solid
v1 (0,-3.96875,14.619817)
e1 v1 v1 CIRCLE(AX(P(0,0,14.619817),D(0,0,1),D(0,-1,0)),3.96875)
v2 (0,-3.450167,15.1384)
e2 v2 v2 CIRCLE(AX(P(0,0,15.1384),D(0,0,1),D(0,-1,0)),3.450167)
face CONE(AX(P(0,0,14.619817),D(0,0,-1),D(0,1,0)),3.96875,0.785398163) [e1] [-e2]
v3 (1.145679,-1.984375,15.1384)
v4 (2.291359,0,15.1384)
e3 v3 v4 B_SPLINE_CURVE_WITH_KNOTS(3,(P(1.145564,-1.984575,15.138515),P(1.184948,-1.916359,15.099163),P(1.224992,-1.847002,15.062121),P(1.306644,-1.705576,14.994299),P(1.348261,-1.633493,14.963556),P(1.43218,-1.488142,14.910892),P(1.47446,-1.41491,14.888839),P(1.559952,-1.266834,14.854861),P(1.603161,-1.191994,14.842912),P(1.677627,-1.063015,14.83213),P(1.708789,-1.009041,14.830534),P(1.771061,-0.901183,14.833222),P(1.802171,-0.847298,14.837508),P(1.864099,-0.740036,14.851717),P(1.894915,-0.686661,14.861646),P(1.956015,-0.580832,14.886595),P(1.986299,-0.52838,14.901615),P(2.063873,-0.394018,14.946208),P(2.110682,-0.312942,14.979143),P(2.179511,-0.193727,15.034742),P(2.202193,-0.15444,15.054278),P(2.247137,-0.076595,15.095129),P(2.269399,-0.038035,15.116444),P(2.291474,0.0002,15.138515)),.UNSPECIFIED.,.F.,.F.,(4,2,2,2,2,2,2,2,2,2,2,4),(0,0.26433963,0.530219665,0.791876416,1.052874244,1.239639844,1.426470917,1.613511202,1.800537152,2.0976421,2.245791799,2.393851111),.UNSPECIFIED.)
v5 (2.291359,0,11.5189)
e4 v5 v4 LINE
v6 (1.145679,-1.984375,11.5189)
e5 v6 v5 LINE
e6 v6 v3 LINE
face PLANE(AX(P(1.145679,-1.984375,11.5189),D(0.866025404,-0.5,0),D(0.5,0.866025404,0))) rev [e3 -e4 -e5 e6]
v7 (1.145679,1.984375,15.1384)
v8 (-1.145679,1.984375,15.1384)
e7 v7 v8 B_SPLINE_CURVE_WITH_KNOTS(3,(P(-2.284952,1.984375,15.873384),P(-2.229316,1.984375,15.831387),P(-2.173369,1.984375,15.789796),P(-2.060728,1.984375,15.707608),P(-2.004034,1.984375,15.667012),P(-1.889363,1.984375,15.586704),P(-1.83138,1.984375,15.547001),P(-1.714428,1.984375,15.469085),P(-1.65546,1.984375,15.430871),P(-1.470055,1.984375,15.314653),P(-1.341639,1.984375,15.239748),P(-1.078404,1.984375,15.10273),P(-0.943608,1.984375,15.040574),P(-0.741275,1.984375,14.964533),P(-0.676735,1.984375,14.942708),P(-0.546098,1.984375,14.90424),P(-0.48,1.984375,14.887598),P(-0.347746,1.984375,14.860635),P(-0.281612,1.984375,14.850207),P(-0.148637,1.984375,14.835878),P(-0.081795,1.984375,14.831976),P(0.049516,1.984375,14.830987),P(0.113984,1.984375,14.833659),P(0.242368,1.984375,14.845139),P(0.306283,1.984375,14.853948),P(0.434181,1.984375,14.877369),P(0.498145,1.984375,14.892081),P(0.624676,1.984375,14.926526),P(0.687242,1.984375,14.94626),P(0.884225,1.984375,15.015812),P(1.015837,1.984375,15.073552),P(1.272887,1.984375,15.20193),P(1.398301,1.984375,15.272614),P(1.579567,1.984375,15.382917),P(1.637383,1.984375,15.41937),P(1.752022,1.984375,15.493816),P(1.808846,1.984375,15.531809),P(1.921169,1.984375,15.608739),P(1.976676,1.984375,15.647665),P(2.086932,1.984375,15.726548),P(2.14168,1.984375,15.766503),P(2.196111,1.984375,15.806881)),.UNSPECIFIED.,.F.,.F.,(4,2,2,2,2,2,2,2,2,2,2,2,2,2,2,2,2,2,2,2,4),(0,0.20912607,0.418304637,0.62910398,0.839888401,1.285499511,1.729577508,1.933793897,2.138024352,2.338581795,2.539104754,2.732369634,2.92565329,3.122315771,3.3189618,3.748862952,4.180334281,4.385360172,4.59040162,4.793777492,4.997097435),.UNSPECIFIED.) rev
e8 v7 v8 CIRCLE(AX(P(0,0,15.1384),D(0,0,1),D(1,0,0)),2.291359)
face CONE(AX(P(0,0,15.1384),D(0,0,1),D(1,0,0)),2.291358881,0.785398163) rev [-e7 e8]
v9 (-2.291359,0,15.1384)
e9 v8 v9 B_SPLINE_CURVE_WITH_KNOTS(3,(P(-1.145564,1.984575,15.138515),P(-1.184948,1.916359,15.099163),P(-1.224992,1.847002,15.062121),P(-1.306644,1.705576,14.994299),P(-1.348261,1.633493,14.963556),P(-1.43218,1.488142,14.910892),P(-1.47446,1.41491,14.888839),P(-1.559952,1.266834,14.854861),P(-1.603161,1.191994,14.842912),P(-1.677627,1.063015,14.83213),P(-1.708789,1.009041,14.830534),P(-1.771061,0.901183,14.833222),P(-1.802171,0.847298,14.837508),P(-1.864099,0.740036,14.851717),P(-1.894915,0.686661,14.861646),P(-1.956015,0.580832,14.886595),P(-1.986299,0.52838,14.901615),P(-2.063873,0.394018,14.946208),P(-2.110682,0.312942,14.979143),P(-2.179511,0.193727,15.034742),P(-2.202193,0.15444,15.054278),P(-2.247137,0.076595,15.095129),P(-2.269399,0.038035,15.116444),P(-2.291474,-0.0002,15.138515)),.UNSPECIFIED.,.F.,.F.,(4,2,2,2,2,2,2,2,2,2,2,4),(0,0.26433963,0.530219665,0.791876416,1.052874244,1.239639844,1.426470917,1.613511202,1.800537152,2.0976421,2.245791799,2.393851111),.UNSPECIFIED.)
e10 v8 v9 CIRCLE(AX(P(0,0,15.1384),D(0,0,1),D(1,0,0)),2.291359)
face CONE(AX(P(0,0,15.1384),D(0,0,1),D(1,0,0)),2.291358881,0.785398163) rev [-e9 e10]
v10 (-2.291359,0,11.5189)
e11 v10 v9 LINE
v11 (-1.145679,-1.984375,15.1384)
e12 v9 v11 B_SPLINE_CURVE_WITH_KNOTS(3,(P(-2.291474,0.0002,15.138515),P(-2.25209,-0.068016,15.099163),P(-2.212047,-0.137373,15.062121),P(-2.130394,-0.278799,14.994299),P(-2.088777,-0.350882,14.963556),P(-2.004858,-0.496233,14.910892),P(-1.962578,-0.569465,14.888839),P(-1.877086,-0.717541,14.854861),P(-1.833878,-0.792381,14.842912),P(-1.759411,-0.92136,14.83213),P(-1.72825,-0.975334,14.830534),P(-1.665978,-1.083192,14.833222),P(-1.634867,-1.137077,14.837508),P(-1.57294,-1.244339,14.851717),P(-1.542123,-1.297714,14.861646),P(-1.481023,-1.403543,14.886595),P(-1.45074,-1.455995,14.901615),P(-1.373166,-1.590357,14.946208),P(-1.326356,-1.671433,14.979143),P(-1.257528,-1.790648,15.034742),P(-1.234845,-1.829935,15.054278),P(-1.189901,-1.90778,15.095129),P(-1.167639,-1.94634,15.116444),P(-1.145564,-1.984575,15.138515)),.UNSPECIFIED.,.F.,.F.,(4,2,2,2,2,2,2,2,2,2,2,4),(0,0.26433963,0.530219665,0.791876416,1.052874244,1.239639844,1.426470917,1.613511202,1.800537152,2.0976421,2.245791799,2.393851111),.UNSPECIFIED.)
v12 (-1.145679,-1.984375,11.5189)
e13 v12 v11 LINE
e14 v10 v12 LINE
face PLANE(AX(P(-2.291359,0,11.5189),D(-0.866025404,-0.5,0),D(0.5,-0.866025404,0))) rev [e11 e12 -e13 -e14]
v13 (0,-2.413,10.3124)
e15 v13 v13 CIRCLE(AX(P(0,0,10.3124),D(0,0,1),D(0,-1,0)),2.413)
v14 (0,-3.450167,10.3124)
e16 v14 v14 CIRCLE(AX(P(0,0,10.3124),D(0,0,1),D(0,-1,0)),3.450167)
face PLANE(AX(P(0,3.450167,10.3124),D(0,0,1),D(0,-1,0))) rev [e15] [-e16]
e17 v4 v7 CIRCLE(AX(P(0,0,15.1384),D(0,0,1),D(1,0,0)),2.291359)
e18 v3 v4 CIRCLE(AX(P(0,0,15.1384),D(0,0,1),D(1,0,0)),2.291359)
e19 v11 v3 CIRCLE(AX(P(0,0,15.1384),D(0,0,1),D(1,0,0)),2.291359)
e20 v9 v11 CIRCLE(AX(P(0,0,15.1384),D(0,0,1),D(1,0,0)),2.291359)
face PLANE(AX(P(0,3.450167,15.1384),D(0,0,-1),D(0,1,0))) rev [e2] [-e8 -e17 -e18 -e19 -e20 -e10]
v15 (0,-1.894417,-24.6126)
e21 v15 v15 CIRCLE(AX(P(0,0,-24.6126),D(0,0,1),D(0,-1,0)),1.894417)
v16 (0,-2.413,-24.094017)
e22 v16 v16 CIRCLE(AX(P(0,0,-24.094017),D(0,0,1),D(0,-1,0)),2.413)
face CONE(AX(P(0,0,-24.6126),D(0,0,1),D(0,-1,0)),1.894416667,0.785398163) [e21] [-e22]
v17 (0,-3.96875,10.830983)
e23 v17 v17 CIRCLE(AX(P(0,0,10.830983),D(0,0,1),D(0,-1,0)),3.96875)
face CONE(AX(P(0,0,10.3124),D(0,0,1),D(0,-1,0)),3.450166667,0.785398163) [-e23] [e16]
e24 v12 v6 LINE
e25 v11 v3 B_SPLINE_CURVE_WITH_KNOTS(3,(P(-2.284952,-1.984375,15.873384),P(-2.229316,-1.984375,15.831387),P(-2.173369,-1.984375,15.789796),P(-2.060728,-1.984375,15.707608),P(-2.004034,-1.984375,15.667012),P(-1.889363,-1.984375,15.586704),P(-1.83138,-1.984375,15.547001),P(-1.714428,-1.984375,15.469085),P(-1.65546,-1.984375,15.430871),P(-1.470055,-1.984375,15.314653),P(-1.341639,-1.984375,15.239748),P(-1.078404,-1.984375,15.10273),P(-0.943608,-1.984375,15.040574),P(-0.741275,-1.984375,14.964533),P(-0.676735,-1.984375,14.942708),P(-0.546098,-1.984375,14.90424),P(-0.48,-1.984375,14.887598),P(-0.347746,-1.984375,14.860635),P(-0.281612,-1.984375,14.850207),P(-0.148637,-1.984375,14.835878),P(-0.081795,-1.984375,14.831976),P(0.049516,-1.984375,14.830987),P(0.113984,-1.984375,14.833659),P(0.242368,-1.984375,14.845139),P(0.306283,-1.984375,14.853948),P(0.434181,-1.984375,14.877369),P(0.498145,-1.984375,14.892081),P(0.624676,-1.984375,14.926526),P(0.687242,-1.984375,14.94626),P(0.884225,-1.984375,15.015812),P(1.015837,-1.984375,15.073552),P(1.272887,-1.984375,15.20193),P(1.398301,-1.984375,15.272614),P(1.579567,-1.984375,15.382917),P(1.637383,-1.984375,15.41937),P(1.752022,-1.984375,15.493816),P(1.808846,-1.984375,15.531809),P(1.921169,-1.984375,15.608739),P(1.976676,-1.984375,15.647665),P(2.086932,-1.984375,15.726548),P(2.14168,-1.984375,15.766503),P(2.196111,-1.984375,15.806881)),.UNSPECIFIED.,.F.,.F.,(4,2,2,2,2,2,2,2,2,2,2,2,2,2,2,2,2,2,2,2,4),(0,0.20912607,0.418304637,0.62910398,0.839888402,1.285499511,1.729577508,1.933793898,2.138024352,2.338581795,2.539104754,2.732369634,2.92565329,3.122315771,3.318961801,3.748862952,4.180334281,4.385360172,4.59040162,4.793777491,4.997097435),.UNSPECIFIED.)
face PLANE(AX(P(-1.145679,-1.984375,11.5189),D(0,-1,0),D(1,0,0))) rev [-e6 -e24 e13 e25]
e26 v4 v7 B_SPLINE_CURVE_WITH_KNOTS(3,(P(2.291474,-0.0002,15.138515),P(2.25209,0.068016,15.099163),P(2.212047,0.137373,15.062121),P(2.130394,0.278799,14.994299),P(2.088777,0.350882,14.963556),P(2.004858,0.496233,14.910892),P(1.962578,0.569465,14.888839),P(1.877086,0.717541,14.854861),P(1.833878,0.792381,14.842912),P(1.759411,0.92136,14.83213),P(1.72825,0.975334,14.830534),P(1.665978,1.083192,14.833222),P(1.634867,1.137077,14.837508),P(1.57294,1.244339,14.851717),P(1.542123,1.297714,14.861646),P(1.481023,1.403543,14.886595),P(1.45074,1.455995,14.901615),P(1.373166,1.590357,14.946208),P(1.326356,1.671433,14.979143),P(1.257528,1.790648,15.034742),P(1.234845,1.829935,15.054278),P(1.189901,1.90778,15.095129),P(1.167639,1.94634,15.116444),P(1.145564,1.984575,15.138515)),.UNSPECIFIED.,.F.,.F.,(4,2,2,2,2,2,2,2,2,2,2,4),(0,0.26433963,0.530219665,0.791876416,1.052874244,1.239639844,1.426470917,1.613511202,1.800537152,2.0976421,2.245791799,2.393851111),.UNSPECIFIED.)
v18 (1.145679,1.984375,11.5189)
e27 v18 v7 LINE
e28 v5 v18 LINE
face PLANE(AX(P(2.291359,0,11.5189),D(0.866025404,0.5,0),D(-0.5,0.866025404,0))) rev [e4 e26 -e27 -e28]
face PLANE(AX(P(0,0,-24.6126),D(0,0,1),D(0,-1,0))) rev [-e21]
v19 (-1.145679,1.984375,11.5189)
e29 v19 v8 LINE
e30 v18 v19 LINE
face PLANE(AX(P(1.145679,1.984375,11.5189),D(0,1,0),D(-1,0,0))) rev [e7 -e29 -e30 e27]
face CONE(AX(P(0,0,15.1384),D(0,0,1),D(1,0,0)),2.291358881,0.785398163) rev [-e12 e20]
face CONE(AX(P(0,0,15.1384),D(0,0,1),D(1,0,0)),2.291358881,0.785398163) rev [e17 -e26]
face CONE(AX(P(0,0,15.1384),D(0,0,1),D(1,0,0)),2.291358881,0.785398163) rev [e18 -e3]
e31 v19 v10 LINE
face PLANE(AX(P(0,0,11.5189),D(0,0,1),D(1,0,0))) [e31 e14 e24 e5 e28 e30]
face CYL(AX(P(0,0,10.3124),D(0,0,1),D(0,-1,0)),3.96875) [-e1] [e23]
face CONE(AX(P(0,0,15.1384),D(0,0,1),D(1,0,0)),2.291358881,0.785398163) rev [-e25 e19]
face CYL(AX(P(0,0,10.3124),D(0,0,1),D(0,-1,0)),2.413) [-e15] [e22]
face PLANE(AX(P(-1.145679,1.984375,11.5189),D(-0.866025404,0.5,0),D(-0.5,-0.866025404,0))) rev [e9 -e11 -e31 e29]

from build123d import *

# Parameters (mm, degrees)
CUT_EXTRUDE1_DEPTH = 3.6195


with BuildPart() as part:
    # Sketch2 → Revolve1 (revolve)
    with BuildSketch(Plane(origin=(0, 0, 0), x_dir=(0, 0, -1), z_dir=(1, 0, 0))):
        Polygon((-15.1384, 0), (24.6126, 0), (24.6126, 1.894416667), (24.094016667, 2.413), (-10.3124, 2.413), (-10.3124, 3.450166667), (-10.830983333, 3.96875), (-14.619816667, 3.96875), (-15.1384, 3.450166667), align=None)
    revolve(axis=Axis((0, 0, 10.3124), (0, 0, -1)))

    # Sketch3 → Cut-Extrude1 (cut)
    with BuildSketch(Plane.XY.offset(15.1384)):
        Polygon((1.14567944, 1.984375), (-1.14567944, 1.984375), (-2.291358881, 0), (-1.14567944, -1.984375), (1.14567944, -1.984375), (2.291358881, 0), align=None)
    extrude(amount=-CUT_EXTRUDE1_DEPTH, mode=Mode.SUBTRACT)

    # Cut-Extrude2 cone 1 section (through the dimple's axis) → Cut-Extrude2 (revolve, cut)
    with BuildSketch(Plane(origin=(0, 0, 15.1384), x_dir=(0, -1, 0), z_dir=(1, 0, 0))):
        Polygon((0, 0), (2.291358881, 0), (0, 2.291358881), align=None)
    revolve(axis=Axis((0, 0, 15.1384), (0, 0, -1)), mode=Mode.SUBTRACT)


solid = part.part
